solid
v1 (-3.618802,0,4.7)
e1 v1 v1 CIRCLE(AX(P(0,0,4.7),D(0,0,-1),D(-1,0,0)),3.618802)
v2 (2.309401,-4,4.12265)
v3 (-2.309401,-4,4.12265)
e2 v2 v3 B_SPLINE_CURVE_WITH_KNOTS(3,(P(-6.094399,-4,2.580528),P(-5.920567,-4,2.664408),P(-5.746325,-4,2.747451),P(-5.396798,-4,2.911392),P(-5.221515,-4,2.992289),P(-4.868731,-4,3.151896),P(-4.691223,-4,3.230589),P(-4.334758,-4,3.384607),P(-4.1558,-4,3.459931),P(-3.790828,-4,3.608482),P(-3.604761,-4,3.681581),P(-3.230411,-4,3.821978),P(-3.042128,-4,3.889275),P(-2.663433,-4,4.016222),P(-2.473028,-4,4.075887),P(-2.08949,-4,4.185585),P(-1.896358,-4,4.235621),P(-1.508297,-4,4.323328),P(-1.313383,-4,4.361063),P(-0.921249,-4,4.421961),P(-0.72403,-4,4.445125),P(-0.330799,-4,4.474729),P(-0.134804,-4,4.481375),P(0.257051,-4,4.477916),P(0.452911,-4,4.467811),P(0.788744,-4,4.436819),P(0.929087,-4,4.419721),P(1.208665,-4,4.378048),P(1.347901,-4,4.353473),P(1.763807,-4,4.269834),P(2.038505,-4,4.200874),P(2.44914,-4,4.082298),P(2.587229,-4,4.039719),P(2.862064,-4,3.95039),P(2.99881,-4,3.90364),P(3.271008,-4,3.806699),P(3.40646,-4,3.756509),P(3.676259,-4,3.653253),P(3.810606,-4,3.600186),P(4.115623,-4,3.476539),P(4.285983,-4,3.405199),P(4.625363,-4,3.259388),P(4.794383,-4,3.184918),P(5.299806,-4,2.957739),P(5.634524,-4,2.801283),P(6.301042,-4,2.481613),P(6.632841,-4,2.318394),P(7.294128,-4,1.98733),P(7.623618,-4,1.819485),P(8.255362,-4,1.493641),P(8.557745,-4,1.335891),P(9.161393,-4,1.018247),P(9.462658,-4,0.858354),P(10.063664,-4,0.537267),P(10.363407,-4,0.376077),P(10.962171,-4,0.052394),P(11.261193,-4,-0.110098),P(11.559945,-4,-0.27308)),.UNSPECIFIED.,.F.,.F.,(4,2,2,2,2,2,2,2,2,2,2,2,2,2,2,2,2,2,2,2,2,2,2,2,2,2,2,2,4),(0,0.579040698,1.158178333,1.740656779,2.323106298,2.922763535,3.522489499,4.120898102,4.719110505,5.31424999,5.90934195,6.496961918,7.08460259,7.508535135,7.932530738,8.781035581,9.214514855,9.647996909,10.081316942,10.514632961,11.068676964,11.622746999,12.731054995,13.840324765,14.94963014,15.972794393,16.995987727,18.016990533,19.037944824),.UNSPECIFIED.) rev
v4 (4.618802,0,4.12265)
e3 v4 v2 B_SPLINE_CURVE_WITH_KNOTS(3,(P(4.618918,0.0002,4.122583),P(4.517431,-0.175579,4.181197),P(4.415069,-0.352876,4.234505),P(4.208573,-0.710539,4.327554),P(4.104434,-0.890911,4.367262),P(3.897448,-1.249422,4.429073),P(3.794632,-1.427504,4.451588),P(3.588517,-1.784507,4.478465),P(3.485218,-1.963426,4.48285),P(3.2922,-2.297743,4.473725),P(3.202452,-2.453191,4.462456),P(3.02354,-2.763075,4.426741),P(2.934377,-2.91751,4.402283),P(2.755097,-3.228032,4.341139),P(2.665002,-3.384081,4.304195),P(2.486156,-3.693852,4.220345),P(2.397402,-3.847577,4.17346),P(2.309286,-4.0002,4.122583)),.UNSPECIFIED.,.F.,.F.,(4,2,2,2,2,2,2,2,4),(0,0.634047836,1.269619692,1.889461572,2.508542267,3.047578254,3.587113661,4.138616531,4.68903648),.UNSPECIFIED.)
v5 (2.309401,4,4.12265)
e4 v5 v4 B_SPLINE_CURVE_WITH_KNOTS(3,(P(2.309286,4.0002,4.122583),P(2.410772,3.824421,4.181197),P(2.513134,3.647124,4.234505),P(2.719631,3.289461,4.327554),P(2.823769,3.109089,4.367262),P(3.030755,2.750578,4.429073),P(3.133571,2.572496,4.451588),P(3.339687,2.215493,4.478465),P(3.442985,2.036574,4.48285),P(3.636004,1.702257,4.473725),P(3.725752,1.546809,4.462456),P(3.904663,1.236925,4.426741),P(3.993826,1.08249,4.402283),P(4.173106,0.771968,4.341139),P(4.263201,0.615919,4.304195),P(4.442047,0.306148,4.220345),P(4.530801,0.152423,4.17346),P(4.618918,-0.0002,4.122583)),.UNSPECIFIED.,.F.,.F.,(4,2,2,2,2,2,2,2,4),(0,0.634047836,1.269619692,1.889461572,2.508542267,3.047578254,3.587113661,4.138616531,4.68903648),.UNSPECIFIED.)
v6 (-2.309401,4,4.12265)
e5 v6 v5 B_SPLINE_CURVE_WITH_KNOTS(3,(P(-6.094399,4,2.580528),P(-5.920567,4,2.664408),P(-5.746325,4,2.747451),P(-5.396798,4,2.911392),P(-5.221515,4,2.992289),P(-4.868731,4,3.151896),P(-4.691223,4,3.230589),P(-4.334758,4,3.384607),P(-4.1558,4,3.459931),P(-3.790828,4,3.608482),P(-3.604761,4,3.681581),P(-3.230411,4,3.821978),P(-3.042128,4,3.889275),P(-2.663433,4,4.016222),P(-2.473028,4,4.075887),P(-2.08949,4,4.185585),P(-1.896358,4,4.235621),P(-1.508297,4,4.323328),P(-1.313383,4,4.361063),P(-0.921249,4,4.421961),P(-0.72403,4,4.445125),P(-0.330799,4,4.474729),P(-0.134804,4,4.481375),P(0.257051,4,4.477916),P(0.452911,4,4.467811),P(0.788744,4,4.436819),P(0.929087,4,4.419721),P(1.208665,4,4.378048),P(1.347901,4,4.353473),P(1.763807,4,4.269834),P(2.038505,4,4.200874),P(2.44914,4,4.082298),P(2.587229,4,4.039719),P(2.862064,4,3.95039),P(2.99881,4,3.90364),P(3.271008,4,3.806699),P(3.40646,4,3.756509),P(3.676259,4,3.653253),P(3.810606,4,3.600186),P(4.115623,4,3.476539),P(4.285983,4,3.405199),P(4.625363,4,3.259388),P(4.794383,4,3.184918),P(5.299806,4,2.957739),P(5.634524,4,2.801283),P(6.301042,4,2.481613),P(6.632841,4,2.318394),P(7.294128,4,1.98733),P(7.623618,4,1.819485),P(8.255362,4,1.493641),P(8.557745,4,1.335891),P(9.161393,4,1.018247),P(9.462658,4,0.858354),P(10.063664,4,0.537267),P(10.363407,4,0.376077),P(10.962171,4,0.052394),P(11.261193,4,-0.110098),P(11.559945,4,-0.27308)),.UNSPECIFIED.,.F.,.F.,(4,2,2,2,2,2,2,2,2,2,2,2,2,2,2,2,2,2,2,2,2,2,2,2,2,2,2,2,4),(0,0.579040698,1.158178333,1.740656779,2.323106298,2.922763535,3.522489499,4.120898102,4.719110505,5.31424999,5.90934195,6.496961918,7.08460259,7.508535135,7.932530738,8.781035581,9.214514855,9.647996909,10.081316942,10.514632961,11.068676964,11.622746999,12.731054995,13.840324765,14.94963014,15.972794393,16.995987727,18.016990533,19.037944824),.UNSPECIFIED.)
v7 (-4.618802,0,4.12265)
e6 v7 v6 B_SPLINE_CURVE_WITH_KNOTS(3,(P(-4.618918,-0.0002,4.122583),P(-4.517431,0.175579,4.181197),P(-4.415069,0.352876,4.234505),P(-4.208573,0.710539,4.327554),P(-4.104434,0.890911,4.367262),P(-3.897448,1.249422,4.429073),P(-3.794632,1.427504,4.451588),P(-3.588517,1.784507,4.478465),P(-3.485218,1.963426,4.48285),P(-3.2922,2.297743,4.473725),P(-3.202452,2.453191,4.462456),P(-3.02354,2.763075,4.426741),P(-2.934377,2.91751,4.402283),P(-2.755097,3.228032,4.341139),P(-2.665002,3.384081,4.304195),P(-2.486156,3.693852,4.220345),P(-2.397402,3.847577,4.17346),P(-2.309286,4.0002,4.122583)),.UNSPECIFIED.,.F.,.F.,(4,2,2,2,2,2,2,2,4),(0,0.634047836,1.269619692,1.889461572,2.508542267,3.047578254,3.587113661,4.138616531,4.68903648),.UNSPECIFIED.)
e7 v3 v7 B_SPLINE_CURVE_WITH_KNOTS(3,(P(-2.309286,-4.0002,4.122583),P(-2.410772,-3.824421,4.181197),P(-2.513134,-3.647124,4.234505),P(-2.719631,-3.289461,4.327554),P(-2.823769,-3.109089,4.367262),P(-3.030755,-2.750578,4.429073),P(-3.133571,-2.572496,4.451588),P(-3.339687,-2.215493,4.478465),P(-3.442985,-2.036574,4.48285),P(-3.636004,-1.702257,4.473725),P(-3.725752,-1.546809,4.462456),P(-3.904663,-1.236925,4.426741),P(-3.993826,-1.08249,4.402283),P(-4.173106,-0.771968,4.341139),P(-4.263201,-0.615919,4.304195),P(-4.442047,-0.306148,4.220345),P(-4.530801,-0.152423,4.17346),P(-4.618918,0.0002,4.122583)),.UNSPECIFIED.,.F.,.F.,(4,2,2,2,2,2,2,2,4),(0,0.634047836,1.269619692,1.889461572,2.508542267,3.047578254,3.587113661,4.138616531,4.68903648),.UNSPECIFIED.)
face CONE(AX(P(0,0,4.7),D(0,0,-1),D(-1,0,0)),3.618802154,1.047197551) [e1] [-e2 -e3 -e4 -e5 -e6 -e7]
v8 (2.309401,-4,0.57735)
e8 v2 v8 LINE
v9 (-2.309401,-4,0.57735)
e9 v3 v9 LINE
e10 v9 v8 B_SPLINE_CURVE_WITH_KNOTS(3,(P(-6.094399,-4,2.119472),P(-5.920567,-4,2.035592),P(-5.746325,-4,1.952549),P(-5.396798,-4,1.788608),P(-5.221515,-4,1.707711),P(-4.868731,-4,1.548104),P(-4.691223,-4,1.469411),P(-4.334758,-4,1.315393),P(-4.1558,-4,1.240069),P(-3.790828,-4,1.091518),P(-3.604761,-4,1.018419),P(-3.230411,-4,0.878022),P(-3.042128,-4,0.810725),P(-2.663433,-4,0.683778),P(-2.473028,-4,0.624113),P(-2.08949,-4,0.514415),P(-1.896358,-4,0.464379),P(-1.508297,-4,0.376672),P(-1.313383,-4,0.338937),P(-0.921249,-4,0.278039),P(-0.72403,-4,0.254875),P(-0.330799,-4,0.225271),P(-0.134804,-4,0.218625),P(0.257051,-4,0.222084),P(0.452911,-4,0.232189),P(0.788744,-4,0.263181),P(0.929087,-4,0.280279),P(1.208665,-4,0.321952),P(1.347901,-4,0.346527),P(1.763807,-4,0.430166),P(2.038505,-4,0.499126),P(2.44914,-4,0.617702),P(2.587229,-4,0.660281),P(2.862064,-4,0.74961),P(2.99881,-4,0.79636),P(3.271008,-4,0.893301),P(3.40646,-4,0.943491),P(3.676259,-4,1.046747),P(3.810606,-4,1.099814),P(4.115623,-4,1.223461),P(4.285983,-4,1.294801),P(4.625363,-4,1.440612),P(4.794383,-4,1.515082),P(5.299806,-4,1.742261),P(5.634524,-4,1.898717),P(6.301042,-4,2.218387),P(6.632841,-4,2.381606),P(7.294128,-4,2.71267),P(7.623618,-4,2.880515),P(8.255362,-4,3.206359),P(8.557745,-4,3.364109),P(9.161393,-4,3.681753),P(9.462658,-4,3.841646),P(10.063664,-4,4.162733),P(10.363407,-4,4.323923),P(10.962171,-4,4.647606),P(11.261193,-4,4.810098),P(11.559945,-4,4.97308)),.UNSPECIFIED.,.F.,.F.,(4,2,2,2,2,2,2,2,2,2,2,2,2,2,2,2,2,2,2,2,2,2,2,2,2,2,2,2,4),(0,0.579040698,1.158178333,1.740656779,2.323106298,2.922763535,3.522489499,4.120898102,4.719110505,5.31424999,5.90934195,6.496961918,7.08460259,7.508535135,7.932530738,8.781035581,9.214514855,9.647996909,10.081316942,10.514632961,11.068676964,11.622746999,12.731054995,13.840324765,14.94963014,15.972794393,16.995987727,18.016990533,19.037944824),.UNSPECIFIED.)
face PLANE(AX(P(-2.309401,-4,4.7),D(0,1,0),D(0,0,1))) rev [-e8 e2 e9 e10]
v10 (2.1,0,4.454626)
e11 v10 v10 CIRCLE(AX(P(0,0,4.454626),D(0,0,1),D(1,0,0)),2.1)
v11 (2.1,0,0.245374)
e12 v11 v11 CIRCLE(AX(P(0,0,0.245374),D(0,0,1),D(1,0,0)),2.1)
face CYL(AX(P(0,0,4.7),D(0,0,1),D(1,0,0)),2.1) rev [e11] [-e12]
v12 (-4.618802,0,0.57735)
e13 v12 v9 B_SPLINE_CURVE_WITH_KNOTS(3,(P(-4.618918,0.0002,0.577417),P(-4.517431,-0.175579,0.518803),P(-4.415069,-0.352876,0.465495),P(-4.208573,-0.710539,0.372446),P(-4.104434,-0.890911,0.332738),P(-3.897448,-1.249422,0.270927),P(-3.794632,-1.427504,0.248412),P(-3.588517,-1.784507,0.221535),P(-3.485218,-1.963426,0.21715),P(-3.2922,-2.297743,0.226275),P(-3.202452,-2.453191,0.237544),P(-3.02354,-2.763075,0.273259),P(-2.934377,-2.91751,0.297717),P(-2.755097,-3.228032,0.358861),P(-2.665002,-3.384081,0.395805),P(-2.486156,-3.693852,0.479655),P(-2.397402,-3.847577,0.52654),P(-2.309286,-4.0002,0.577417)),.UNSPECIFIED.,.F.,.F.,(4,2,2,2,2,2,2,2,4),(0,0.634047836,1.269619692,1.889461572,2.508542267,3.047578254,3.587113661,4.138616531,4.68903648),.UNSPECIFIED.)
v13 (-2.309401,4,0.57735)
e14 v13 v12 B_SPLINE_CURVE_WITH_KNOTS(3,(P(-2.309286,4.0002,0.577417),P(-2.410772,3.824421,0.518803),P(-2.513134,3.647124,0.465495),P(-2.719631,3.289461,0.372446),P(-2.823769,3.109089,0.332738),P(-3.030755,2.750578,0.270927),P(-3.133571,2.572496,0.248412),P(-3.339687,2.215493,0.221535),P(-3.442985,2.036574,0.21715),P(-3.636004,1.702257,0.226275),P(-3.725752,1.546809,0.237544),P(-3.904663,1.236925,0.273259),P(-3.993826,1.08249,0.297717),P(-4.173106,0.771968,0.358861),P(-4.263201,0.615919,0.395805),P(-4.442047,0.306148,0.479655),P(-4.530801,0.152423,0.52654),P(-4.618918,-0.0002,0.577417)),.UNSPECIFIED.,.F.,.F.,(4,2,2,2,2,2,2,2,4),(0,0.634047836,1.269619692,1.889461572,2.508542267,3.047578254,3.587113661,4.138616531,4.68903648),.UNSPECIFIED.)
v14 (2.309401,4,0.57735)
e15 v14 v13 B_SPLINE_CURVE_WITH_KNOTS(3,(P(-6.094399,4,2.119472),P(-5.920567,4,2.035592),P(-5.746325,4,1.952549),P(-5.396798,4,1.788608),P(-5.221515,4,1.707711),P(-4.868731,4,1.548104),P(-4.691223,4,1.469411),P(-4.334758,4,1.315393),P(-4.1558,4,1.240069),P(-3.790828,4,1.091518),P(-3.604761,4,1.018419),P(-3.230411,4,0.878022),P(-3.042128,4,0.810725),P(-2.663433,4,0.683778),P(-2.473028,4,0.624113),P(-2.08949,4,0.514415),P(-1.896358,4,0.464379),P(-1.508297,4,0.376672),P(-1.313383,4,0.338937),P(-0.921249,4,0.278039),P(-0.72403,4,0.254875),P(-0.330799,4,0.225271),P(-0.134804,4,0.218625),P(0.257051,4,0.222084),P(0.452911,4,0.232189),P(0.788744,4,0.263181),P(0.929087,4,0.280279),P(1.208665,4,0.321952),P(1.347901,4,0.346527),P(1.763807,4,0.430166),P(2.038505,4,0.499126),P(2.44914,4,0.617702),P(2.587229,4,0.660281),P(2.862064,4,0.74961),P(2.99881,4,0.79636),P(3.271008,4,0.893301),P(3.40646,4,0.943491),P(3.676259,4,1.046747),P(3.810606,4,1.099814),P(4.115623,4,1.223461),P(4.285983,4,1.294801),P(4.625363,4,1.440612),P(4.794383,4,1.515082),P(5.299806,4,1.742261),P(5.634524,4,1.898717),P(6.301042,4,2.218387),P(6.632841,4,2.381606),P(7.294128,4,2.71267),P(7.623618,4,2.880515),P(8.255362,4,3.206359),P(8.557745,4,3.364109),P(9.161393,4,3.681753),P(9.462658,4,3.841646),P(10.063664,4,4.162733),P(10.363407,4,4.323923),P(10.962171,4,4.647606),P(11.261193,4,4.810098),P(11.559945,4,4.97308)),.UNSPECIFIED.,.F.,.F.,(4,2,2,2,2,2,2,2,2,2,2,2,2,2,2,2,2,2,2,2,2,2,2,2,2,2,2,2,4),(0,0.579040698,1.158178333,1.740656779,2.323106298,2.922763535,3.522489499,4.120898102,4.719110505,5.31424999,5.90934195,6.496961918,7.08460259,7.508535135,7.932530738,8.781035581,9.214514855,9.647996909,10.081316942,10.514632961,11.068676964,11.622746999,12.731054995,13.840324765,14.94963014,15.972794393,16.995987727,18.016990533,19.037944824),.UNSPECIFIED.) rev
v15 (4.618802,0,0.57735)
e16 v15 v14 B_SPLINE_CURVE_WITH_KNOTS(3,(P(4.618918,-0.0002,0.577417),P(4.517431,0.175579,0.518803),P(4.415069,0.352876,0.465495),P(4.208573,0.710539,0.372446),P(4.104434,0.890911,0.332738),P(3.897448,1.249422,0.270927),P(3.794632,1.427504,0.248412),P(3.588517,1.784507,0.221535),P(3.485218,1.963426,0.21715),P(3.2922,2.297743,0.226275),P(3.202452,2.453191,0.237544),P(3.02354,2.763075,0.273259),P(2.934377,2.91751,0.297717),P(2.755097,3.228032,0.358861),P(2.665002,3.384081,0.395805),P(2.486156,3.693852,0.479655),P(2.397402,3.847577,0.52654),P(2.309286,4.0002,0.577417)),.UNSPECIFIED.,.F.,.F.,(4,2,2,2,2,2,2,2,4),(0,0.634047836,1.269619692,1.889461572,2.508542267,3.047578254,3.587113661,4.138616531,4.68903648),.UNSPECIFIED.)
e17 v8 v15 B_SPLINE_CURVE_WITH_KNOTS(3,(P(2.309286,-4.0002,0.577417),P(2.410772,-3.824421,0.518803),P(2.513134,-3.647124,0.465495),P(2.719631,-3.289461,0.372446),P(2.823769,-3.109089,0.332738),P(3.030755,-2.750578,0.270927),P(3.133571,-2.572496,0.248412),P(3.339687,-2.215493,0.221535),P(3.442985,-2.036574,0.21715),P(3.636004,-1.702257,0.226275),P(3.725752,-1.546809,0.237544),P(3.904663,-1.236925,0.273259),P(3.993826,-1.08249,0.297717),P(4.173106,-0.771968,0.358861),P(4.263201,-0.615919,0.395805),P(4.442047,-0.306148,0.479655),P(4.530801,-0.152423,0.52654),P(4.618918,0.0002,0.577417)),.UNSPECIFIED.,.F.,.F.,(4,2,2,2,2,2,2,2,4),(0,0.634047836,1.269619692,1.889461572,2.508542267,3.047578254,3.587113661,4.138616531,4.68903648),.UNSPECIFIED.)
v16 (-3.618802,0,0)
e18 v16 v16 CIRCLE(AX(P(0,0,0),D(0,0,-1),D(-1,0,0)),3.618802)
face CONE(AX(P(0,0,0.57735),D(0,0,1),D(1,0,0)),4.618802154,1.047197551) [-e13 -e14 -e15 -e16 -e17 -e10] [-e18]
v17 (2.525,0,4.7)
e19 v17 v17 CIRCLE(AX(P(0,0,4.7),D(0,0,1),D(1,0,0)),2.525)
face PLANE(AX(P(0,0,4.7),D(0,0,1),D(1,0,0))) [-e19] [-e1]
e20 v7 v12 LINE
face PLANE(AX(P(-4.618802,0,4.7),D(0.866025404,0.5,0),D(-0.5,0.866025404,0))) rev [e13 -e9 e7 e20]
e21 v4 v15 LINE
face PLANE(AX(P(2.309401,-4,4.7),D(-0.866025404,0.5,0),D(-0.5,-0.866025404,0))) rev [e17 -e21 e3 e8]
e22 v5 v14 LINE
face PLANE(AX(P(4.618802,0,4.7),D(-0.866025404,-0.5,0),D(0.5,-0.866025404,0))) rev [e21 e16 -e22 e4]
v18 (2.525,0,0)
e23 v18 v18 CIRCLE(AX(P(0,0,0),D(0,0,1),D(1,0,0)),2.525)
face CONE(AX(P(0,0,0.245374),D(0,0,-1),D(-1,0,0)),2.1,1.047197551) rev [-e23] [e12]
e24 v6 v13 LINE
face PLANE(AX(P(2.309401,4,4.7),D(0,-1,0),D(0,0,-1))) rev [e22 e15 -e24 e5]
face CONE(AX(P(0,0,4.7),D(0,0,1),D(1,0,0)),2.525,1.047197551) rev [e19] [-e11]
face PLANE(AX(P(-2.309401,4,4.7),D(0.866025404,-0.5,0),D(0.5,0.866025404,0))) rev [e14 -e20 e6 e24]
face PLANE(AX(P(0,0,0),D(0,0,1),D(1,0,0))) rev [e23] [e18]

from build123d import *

# Parameters (mm, degrees)
EXTRUDE_1_DEPTH = 4.7


with BuildPart() as part:
    # 草图1 → 凸台-拉伸1 (new body)
    with BuildSketch(Plane.XY):
        Polygon((2.309401077, 4), (-2.309401077, 4), (-4.618802154, 0), (-2.309401077, -4), (2.309401077, -4), (4.618802154, 0), align=None)
    extrude(amount=EXTRUDE_1_DEPTH)

    # 草图2 → M5 螺纹孔1 (revolve, cut)
    with BuildSketch(Plane(origin=(0, 0, 4.7), x_dir=(0, -1, 0), z_dir=(1, 0, 0))):
        Polygon((0, 0), (0, 4.7), (2.525, 4.7), (2.1, 4.454626136), (2.1, 0.245373864), (2.525, 0), align=None)
    revolve(axis=Axis((0, 0, 11.05), (0, 0, -1)), mode=Mode.SUBTRACT)

    # 草图4 → 切除-旋转1 (revolve, cut)
    with BuildSketch(Plane(origin=(0, 0, 0), x_dir=(1, 0, 0), z_dir=(0, 1, 0))):
        Polygon((-4.618802154, -0.577350269), (-3.618802154, 0), (-4.618802154, 0), align=None)
        Polygon((-4.618802154, -4.7), (-3.618802154, -4.7), (-4.618802154, -4.122649731), align=None)
    revolve(axis=Axis((0, 0, 0), (0, 0, 1)), mode=Mode.SUBTRACT)


solid = part.part
